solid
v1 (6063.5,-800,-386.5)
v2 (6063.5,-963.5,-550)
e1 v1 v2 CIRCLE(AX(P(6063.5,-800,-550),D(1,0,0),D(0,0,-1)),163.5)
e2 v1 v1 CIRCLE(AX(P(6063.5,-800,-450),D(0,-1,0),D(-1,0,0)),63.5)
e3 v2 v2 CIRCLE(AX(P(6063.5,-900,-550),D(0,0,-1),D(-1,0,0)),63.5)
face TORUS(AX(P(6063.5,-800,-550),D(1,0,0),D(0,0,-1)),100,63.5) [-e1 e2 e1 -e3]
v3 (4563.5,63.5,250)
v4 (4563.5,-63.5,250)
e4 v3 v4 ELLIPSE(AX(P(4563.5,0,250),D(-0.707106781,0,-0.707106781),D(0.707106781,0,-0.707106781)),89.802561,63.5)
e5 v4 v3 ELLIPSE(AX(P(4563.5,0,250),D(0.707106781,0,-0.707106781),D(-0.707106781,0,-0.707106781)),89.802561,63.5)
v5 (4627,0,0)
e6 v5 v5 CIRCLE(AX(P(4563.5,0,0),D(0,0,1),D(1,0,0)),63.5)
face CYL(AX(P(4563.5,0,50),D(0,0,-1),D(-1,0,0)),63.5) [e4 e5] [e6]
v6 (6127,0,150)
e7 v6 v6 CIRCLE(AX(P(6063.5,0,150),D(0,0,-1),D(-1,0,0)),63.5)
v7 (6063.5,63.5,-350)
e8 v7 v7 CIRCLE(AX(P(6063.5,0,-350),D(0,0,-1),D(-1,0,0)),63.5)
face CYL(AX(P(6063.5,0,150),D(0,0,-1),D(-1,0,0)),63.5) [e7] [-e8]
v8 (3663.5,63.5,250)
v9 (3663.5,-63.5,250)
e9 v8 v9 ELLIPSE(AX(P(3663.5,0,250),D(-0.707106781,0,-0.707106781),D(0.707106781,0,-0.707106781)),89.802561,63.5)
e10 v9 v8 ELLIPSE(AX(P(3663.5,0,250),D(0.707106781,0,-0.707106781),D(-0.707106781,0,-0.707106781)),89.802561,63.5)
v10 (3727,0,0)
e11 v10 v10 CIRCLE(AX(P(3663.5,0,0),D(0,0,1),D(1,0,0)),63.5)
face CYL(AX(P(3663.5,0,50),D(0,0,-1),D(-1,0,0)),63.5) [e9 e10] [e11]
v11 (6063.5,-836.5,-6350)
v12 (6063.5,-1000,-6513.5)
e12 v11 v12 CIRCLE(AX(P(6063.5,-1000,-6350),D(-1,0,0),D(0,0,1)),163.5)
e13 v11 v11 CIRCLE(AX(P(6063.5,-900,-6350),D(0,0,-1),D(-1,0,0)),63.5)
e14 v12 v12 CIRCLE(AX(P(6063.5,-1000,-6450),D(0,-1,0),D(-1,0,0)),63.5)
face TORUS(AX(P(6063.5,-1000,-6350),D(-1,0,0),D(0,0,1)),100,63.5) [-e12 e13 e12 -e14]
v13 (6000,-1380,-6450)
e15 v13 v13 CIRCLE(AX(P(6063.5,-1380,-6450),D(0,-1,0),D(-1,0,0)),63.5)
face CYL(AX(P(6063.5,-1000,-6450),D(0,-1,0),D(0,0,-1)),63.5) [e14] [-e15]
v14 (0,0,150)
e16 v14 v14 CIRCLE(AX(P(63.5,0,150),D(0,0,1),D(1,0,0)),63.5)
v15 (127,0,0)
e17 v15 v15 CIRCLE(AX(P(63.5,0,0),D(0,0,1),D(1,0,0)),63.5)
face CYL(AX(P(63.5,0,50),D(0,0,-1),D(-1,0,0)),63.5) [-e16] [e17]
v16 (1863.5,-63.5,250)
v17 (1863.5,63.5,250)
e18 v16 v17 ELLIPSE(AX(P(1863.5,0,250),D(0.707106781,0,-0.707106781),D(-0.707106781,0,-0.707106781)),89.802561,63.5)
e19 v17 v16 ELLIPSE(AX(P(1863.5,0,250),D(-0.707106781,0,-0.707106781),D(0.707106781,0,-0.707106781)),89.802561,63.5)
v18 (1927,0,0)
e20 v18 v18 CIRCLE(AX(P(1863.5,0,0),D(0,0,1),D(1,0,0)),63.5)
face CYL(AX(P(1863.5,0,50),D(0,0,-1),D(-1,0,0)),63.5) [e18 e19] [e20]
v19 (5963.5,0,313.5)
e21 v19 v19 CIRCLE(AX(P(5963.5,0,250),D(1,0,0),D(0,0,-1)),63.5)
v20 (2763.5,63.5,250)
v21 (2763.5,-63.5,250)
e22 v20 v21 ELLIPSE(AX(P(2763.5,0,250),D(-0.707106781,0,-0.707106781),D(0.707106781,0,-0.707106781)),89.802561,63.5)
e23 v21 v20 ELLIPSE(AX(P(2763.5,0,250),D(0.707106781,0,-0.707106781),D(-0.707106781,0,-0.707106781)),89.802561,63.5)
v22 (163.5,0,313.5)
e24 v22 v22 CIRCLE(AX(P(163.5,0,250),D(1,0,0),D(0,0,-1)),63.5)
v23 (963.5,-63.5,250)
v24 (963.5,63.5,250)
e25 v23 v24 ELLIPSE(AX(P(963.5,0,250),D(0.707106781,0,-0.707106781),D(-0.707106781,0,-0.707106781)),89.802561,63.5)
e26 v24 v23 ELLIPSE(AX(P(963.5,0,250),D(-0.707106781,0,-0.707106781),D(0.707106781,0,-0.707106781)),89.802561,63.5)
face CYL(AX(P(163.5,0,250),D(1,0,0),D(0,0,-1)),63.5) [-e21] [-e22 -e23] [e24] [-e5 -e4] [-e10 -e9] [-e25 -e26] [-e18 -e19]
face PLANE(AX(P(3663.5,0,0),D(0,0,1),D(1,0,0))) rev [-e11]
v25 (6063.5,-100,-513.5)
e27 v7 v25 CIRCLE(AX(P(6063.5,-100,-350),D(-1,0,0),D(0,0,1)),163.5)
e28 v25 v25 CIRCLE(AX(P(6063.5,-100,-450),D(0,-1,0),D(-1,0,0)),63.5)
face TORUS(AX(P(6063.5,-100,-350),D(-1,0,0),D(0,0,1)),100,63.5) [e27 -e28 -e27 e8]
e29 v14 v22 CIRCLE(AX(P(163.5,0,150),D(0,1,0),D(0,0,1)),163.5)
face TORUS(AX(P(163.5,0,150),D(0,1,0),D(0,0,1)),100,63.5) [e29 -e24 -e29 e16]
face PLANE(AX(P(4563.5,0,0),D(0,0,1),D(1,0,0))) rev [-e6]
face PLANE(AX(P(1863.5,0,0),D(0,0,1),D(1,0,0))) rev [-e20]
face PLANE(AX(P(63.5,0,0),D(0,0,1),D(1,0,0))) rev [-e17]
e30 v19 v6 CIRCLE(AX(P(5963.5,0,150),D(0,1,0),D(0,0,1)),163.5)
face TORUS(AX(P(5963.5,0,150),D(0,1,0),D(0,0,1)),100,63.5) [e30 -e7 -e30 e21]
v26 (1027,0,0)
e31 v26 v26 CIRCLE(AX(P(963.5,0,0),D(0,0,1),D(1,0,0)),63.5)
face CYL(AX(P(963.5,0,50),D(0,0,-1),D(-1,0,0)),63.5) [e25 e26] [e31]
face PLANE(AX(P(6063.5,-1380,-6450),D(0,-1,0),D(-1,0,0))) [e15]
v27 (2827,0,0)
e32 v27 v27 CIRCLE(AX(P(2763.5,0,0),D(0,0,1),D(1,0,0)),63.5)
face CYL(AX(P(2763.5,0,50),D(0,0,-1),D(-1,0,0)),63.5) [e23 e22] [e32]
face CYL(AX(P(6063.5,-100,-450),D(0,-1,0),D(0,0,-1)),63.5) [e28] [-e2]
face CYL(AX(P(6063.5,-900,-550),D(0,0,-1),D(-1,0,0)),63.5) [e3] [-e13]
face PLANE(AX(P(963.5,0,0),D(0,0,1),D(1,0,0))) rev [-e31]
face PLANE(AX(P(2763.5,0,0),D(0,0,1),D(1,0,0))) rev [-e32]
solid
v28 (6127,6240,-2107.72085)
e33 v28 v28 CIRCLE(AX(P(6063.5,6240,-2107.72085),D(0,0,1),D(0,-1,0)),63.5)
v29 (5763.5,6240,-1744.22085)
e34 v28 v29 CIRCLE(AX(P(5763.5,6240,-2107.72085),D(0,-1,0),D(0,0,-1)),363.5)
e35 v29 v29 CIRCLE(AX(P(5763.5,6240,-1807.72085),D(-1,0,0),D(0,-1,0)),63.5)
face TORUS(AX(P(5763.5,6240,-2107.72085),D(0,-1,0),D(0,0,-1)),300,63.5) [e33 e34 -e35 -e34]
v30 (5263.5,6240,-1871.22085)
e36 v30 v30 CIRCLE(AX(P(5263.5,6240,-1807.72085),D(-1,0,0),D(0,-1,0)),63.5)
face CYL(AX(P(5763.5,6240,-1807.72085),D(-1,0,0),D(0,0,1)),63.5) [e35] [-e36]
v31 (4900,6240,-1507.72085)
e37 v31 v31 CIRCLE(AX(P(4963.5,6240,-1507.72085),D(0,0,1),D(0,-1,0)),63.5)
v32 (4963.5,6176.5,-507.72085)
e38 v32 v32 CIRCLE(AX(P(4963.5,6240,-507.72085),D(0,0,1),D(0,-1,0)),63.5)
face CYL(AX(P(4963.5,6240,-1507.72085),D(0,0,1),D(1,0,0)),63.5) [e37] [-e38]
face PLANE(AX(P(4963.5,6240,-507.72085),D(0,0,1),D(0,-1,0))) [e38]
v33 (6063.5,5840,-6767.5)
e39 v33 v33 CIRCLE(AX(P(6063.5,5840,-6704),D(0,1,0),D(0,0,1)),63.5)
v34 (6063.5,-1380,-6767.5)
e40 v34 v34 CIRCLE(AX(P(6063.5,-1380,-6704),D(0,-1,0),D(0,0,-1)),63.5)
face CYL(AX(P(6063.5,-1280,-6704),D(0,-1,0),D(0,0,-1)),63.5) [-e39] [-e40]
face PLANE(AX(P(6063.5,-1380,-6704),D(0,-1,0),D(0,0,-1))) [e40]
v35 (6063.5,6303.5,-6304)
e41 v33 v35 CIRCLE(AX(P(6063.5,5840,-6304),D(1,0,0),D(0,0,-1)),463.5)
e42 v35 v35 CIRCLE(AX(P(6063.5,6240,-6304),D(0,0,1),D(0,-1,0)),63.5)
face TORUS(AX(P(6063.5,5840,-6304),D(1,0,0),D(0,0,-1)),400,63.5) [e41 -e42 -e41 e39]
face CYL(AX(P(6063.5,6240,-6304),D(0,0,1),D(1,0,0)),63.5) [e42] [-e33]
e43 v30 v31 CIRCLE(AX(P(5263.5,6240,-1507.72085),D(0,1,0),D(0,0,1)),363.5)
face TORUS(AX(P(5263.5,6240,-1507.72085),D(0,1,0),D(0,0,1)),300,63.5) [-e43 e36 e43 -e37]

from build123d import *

# Parameters (mm, degrees)
CROQUIS1_R                = 63.5
SALIENTE_EXTRUIR1_DEPTH   = 50
SALIENTE_EXTRUIR1_2_DEPTH = 50
SALIENTE_EXTRUIR1_3_DEPTH = 50
SALIENTE_EXTRUIR1_4_DEPTH = 50
SALIENTE_EXTRUIR1_5_DEPTH = 50
SALIENTE_EXTRUIR1_6_DEPTH = 50
CROQUIS2_R                = 63.5
CROQUIS3_R                = 63.5
SALIENTE_EXTRUIR2_DEPTH   = 200
CROQUIS4_R                = 63.5
SALIENTE_EXTRUIR3_DEPTH   = 200
CROQUIS5_R                = 63.5
SALIENTE_EXTRUIR4_DEPTH   = 200
CROQUIS6_R                = 63.5
SALIENTE_EXTRUIR5_DEPTH   = 200
CROQUIS7_R                = 63.5
SALIENTE_EXTRUIR6_DEPTH   = 200
CROQUIS8_R                = 63.5
SALIENTE_EXTRUIR7_DEPTH   = 100
CROQUIS9_R                = 63.5


with BuildPart() as part:
    # Croquis1 → Saliente-Extruir1 (new body)
    with BuildSketch(Plane.XY):
        with Locations((63.5, 0)):
            Circle(CROQUIS1_R)
    extrude(amount=SALIENTE_EXTRUIR1_DEPTH)

    # Barrer1: sweep along a curve in space
    with BuildLine() as barrer1_path:
        Line((63.5, 0, 50), (63.5, 0, 150))
        ThreePointArc((63.5, 0, 150), (92.789321881, 0, 220.710678119), (163.5, 0, 250))
        Line((163.5, 0, 250), (5963.5, 0, 250))
        ThreePointArc((5963.5, 0, 250), (6034.210678119, 0, 220.710678119), (6063.5, 0, 150))
        Line((6063.5, 0, 150), (6063.5, 0, -350))
        ThreePointArc((6063.5, 0, -350), (6063.5, -29.289321881, -420.710678119), (6063.5, -100, -450))
        Line((6063.5, -100, -450), (6063.5, -800, -450))
        ThreePointArc((6063.5, -800, -450), (6063.5, -870.710678119, -479.289321881), (6063.5, -900, -550))
        Line((6063.5, -900, -550), (6063.5, -900, -6350))
        ThreePointArc((6063.5, -900, -6350), (6063.5, -929.289321881, -6420.710678119), (6063.5, -1000, -6450))
        Line((6063.5, -1000, -6450), (6063.5, -1380, -6450))
    # Croquis2 → Barrer1 (sweep)
    with BuildSketch(Plane.XY.offset(50)):
        with Locations((63.5, 0)):
            Circle(CROQUIS2_R)
    sweep(path=barrer1_path.line)



with BuildPart() as body_2:
    # Croquis1 → Saliente-Extruir1 2 (new body)
    with BuildSketch(Plane.XY):
        with Locations((963.5, 0)):
            Circle(CROQUIS1_R)
    extrude(amount=SALIENTE_EXTRUIR1_2_DEPTH)


with BuildPart() as body_3:
    # Croquis1 → Saliente-Extruir1 3 (new body)
    with BuildSketch(Plane.XY):
        with Locations((1863.5, 0)):
            Circle(CROQUIS1_R)
    extrude(amount=SALIENTE_EXTRUIR1_3_DEPTH)


with BuildPart() as body_4:
    # Croquis1 → Saliente-Extruir1 4 (new body)
    with BuildSketch(Plane.XY):
        with Locations((2763.5, 0)):
            Circle(CROQUIS1_R)
    extrude(amount=SALIENTE_EXTRUIR1_4_DEPTH)


with BuildPart() as body_5:
    # Croquis1 → Saliente-Extruir1 5 (new body)
    with BuildSketch(Plane.XY):
        with Locations((3663.5, 0)):
            Circle(CROQUIS1_R)
    extrude(amount=SALIENTE_EXTRUIR1_5_DEPTH)


with BuildPart() as body_6:
    # Croquis1 → Saliente-Extruir1 6 (new body)
    with BuildSketch(Plane.XY):
        with Locations((4563.5, 0)):
            Circle(CROQUIS1_R)
    extrude(amount=SALIENTE_EXTRUIR1_6_DEPTH)


with BuildPart() as part_1:
    add(part.part)

    add(body_2.part)  # Saliente-Extruir2 merges body 2
    # Croquis3 → Saliente-Extruir2 (add)
    with BuildSketch(Plane.XY.offset(50)):
        with Locations((963.5, 0)):
            Circle(CROQUIS3_R)
    extrude(amount=SALIENTE_EXTRUIR2_DEPTH)


    add(body_3.part)  # Saliente-Extruir3 merges body 3
    # Croquis4 → Saliente-Extruir3 (add)
    with BuildSketch(Plane.XY.offset(50)):
        with Locations((1863.5, 0)):
            Circle(CROQUIS4_R)
    extrude(amount=SALIENTE_EXTRUIR3_DEPTH)


    add(body_4.part)  # Saliente-Extruir4 merges body 4
    # Croquis5 → Saliente-Extruir4 (add)
    with BuildSketch(Plane.XY.offset(50)):
        with Locations((2763.5, 0)):
            Circle(CROQUIS5_R)
    extrude(amount=SALIENTE_EXTRUIR4_DEPTH)


    add(body_5.part)  # Saliente-Extruir5 merges body 5
    # Croquis6 → Saliente-Extruir5 (add)
    with BuildSketch(Plane.XY.offset(50)):
        with Locations((3663.5, 0)):
            Circle(CROQUIS6_R)
    extrude(amount=SALIENTE_EXTRUIR5_DEPTH)


    add(body_6.part)  # Saliente-Extruir6 merges body 6
    # Croquis7 → Saliente-Extruir6 (add)
    with BuildSketch(Plane.XY.offset(50)):
        with Locations((4563.5, 0)):
            Circle(CROQUIS7_R)
    extrude(amount=SALIENTE_EXTRUIR6_DEPTH)


with BuildPart() as body_2_2:
    # Croquis8 → Saliente-Extruir7 (new body)
    with BuildSketch(Plane.XZ.offset(1380)):
        with Locations((6063.5, -6704)):
            Circle(CROQUIS8_R)
    extrude(amount=-SALIENTE_EXTRUIR7_DEPTH)

    # Barrer2: sweep along a curve in space
    with BuildLine() as barrer2_path:
        Line((6063.5, -1280, -6704), (6063.5, 5840, -6704))
        ThreePointArc((6063.5, 5840, -6704), (6063.5, 6122.842712475, -6586.842712475), (6063.5, 6240, -6304))
        Line((6063.5, 6240, -6304), (6063.5, 6240, -2107.720850113))
        ThreePointArc((6063.5, 6240, -2107.720850113), (5975.632034356, 6240, -1895.588815757), (5763.5, 6240, -1807.720850113))
        Line((5763.5, 6240, -1807.720850113), (5263.5, 6240, -1807.720850113))
        ThreePointArc((5263.5, 6240, -1807.720850113), (5051.367965644, 6240, -1719.852884469), (4963.5, 6240, -1507.720850113))
        Line((4963.5, 6240, -1507.720850113), (4963.5, 6240, -507.720850113))
    # Croquis9 → Barrer2 (sweep)
    with BuildSketch(Plane(origin=(0, -1280, 0), x_dir=(1, 0, 0), z_dir=(0, 1, 0))):
        with Locations((6063.5, 6704)):
            Circle(CROQUIS9_R)
    sweep(path=barrer2_path.line)


solid = Compound([part_1.part, body_2_2.part])
